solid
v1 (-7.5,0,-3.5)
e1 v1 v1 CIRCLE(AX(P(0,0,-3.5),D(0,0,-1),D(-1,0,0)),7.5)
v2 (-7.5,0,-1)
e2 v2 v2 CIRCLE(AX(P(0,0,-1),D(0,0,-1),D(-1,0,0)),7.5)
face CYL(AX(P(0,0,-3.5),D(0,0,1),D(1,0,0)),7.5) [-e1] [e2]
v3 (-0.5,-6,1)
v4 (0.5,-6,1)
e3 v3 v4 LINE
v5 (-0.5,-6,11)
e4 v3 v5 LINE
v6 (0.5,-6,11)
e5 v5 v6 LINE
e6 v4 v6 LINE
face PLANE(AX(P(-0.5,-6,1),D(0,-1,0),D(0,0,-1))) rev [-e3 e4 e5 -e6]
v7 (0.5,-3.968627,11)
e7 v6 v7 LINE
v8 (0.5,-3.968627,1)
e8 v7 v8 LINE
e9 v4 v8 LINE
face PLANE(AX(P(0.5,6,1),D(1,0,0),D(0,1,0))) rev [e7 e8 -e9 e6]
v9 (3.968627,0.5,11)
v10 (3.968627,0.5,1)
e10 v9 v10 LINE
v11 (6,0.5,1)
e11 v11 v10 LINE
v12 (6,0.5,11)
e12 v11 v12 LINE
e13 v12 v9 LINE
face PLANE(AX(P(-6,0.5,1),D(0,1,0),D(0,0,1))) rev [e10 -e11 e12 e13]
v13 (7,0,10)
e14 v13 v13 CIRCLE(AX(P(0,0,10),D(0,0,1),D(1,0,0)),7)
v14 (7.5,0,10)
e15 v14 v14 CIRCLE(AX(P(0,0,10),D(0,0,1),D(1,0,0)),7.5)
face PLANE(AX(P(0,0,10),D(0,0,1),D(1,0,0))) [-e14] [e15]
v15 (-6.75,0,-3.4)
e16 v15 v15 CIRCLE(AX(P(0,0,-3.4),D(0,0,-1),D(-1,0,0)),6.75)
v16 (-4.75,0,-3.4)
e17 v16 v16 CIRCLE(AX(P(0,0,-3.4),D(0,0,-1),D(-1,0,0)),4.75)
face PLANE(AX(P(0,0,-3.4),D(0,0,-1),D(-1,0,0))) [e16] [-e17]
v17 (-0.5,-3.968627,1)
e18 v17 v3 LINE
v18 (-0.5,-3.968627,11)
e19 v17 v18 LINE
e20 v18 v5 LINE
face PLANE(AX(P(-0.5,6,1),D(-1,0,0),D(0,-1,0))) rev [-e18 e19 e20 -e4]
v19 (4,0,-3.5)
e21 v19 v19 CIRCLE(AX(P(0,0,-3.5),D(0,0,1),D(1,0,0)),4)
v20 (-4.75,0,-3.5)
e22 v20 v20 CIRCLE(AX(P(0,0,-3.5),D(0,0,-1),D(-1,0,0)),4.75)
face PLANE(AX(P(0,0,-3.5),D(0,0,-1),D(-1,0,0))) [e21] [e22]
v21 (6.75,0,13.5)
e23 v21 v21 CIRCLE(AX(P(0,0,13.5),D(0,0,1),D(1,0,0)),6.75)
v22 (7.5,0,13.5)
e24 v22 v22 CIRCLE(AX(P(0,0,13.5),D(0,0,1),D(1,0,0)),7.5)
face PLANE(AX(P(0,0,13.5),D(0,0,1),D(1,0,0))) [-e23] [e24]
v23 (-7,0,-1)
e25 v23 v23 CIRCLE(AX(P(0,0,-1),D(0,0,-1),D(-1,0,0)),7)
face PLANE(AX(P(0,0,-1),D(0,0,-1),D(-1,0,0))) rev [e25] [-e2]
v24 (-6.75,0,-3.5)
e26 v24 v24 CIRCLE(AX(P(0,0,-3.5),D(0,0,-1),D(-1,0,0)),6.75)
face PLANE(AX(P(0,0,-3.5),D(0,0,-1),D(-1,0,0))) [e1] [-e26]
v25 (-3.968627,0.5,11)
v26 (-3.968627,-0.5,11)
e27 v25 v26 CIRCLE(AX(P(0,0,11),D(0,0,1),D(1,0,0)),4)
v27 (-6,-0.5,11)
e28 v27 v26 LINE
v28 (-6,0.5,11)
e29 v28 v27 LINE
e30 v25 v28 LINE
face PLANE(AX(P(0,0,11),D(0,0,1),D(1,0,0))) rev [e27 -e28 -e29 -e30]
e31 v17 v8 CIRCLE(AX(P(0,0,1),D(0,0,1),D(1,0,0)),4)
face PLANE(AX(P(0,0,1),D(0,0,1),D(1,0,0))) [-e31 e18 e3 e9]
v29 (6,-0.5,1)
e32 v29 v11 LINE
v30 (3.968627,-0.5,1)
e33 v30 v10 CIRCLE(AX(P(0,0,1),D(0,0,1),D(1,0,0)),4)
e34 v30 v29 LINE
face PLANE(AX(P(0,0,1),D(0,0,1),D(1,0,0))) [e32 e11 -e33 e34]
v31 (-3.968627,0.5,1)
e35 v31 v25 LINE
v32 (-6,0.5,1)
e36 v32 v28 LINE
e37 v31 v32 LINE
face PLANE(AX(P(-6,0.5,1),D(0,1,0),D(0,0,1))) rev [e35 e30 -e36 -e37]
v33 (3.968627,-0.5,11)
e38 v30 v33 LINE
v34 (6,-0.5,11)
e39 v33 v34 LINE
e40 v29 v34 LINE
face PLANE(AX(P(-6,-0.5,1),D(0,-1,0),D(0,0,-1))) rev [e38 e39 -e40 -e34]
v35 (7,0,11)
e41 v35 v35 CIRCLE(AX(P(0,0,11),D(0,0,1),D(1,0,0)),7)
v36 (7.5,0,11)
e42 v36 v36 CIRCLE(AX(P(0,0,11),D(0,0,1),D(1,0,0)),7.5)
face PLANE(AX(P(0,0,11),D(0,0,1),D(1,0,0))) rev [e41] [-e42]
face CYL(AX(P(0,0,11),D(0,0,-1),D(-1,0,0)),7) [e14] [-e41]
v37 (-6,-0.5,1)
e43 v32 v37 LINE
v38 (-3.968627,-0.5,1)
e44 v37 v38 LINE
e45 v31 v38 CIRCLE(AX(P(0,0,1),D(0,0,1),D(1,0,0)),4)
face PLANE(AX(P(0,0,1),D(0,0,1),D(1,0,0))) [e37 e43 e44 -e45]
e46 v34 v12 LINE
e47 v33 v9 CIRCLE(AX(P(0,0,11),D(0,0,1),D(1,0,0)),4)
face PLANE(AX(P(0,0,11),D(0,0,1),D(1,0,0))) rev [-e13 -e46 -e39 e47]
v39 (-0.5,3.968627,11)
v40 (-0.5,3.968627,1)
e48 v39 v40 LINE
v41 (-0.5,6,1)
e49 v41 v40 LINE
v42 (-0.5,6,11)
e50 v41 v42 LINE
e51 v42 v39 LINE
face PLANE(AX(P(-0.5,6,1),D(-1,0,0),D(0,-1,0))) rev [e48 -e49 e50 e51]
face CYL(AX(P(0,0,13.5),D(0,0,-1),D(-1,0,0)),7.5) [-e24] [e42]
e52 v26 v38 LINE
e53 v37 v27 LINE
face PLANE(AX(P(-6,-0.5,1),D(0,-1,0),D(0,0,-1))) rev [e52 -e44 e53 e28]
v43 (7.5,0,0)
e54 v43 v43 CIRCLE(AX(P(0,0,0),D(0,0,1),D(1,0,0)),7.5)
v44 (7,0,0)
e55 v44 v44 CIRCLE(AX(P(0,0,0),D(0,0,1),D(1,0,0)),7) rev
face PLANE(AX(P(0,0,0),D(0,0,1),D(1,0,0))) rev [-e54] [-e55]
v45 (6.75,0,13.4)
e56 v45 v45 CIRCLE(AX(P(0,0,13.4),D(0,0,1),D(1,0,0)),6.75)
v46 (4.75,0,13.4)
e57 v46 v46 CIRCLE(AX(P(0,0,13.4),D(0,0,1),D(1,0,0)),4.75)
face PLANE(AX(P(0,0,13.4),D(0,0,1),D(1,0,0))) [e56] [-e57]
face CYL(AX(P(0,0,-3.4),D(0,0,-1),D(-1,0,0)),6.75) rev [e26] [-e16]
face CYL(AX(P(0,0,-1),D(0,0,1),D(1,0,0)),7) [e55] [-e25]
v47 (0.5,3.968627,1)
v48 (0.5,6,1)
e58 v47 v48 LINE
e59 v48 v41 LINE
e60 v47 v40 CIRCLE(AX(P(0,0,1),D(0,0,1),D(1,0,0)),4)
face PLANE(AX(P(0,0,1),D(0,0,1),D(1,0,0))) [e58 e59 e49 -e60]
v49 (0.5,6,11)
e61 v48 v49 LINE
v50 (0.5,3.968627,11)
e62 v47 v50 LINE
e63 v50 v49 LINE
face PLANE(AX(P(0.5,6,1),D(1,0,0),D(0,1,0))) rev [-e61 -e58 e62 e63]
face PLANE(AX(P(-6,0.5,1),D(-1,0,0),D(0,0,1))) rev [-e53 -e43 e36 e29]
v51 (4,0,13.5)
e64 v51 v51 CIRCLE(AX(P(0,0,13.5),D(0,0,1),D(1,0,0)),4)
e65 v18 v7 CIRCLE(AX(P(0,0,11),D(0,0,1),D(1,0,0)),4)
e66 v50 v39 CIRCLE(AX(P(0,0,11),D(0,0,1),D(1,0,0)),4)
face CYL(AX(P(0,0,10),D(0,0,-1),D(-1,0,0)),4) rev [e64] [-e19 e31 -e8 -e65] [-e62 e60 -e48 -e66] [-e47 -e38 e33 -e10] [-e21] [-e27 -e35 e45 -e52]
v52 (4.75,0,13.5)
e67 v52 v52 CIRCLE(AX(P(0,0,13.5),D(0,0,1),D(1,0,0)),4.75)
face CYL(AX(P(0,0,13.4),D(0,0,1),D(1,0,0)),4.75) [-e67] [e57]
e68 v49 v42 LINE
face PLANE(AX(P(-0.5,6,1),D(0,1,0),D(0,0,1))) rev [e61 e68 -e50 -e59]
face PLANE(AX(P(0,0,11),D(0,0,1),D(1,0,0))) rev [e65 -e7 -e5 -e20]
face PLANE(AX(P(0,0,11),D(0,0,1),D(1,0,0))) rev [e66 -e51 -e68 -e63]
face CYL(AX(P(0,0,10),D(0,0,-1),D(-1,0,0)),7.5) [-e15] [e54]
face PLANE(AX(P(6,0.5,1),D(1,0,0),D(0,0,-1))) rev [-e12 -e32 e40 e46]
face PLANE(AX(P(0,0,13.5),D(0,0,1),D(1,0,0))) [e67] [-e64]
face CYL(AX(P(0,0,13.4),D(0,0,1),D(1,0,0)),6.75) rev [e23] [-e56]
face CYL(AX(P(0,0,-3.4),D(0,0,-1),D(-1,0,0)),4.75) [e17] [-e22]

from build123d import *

# Parameters (mm, degrees)
SKETCH1_R           = 7.5
SKETCH1_R_2         = 4
BOSS_EXTRUDE1_DEPTH = 10
SKETCH2_R           = 7
BOSS_EXTRUDE2_DEPTH = 1
BOSS_EXTRUDE3_START = 1
SKETCH3_R           = 7
BOSS_EXTRUDE3_DEPTH = 1
BOSS_EXTRUDE4_START = 2.5
SKETCH5_R           = 7.5
BOSS_EXTRUDE4_DEPTH = 2.5
SKETCH10_W          = 1
SKETCH10_H          = 12
CUT_EXTRUDE4_DEPTH  = 10
SKETCH11_W          = 12
SKETCH11_H          = 1
CUT_EXTRUDE5_DEPTH  = 10
SKETCH6_R           = 7.5
BOSS_EXTRUDE6_DEPTH = 2.5
CUT_EXTRUDE1_START  = -17
SKETCH7_R           = 4
CUT_EXTRUDE1_DEPTH  = 17
SKETCH8_R           = 6.75
SKETCH8_R_2         = 4.75
CUT_EXTRUDE2_DEPTH  = 0.1
CUT_EXTRUDE3_START  = -0.1
SKETCH9_R           = 6.75
SKETCH9_R_2         = 4.75
CUT_EXTRUDE3_DEPTH  = 0.1


with BuildPart() as part:
    # Sketch1 → Boss-Extrude1 (new body)
    with BuildSketch(Plane.XY):
        Circle(SKETCH1_R)
        Circle(SKETCH1_R_2, mode=Mode.SUBTRACT)
    extrude(amount=BOSS_EXTRUDE1_DEPTH)

    # Sketch2 → Boss-Extrude2 (add)
    with BuildSketch(Plane.XY.offset(10)):
        Circle(SKETCH2_R)
    extrude(amount=BOSS_EXTRUDE2_DEPTH)

    # Sketch3 → Boss-Extrude3 (add)
    with BuildSketch(Plane(origin=(0, 0, 0), x_dir=(-1, 0, 0), z_dir=(0, 0, -1)).offset(BOSS_EXTRUDE3_START)):
        with Locations(Location((0, 0, 0), (0, 0, 180))):
            Circle(SKETCH3_R)
    extrude(amount=-BOSS_EXTRUDE3_DEPTH)

    # Sketch5 → Boss-Extrude4 (add)
    with BuildSketch(Plane(origin=(0, 0, -1), x_dir=(-1, 0, 0), z_dir=(0, 0, -1)).offset(BOSS_EXTRUDE4_START)):
        with Locations(Location((0, 0, 0), (0, 0, 180))):
            Circle(SKETCH5_R)
    extrude(amount=-BOSS_EXTRUDE4_DEPTH)

    # Sketch10 → Cut-Extrude4 (cut)
    with BuildSketch(Plane.XY.offset(11)):
        Rectangle(SKETCH10_W, SKETCH10_H)
    extrude(amount=-CUT_EXTRUDE4_DEPTH, mode=Mode.SUBTRACT)

    # Sketch11 → Cut-Extrude5 (cut)
    with BuildSketch(Plane.XY.offset(11)):
        Rectangle(SKETCH11_W, SKETCH11_H)
    extrude(amount=-CUT_EXTRUDE5_DEPTH, mode=Mode.SUBTRACT)

    # Sketch6 → Boss-Extrude6 (add)
    with BuildSketch(Plane.XY.offset(11)):
        Circle(SKETCH6_R)
    extrude(amount=BOSS_EXTRUDE6_DEPTH)

    # Sketch7 → Cut-Extrude1 (cut)
    with BuildSketch(Plane.XY.offset(13.5).offset(CUT_EXTRUDE1_START)):
        Circle(SKETCH7_R)
    extrude(amount=CUT_EXTRUDE1_DEPTH, mode=Mode.SUBTRACT)

    # Sketch8 → Cut-Extrude2 (cut)
    with BuildSketch(Plane.XY.offset(13.5)):
        Circle(SKETCH8_R)
        Circle(SKETCH8_R_2, mode=Mode.SUBTRACT)
    extrude(amount=-CUT_EXTRUDE2_DEPTH, mode=Mode.SUBTRACT)

    # Sketch9 → Cut-Extrude3 (cut)
    with BuildSketch(Plane(origin=(0, 0, -3.5), x_dir=(-1, 0, 0), z_dir=(0, 0, -1)).offset(CUT_EXTRUDE3_START)):
        with Locations(Location((0, 0, 0), (0, 0, 180))):
            Circle(SKETCH9_R)
        with Locations(Location((0, 0, 0), (0, 0, 180))):
            Circle(SKETCH9_R_2, mode=Mode.SUBTRACT)
    extrude(amount=CUT_EXTRUDE3_DEPTH, mode=Mode.SUBTRACT)


solid = part.part
